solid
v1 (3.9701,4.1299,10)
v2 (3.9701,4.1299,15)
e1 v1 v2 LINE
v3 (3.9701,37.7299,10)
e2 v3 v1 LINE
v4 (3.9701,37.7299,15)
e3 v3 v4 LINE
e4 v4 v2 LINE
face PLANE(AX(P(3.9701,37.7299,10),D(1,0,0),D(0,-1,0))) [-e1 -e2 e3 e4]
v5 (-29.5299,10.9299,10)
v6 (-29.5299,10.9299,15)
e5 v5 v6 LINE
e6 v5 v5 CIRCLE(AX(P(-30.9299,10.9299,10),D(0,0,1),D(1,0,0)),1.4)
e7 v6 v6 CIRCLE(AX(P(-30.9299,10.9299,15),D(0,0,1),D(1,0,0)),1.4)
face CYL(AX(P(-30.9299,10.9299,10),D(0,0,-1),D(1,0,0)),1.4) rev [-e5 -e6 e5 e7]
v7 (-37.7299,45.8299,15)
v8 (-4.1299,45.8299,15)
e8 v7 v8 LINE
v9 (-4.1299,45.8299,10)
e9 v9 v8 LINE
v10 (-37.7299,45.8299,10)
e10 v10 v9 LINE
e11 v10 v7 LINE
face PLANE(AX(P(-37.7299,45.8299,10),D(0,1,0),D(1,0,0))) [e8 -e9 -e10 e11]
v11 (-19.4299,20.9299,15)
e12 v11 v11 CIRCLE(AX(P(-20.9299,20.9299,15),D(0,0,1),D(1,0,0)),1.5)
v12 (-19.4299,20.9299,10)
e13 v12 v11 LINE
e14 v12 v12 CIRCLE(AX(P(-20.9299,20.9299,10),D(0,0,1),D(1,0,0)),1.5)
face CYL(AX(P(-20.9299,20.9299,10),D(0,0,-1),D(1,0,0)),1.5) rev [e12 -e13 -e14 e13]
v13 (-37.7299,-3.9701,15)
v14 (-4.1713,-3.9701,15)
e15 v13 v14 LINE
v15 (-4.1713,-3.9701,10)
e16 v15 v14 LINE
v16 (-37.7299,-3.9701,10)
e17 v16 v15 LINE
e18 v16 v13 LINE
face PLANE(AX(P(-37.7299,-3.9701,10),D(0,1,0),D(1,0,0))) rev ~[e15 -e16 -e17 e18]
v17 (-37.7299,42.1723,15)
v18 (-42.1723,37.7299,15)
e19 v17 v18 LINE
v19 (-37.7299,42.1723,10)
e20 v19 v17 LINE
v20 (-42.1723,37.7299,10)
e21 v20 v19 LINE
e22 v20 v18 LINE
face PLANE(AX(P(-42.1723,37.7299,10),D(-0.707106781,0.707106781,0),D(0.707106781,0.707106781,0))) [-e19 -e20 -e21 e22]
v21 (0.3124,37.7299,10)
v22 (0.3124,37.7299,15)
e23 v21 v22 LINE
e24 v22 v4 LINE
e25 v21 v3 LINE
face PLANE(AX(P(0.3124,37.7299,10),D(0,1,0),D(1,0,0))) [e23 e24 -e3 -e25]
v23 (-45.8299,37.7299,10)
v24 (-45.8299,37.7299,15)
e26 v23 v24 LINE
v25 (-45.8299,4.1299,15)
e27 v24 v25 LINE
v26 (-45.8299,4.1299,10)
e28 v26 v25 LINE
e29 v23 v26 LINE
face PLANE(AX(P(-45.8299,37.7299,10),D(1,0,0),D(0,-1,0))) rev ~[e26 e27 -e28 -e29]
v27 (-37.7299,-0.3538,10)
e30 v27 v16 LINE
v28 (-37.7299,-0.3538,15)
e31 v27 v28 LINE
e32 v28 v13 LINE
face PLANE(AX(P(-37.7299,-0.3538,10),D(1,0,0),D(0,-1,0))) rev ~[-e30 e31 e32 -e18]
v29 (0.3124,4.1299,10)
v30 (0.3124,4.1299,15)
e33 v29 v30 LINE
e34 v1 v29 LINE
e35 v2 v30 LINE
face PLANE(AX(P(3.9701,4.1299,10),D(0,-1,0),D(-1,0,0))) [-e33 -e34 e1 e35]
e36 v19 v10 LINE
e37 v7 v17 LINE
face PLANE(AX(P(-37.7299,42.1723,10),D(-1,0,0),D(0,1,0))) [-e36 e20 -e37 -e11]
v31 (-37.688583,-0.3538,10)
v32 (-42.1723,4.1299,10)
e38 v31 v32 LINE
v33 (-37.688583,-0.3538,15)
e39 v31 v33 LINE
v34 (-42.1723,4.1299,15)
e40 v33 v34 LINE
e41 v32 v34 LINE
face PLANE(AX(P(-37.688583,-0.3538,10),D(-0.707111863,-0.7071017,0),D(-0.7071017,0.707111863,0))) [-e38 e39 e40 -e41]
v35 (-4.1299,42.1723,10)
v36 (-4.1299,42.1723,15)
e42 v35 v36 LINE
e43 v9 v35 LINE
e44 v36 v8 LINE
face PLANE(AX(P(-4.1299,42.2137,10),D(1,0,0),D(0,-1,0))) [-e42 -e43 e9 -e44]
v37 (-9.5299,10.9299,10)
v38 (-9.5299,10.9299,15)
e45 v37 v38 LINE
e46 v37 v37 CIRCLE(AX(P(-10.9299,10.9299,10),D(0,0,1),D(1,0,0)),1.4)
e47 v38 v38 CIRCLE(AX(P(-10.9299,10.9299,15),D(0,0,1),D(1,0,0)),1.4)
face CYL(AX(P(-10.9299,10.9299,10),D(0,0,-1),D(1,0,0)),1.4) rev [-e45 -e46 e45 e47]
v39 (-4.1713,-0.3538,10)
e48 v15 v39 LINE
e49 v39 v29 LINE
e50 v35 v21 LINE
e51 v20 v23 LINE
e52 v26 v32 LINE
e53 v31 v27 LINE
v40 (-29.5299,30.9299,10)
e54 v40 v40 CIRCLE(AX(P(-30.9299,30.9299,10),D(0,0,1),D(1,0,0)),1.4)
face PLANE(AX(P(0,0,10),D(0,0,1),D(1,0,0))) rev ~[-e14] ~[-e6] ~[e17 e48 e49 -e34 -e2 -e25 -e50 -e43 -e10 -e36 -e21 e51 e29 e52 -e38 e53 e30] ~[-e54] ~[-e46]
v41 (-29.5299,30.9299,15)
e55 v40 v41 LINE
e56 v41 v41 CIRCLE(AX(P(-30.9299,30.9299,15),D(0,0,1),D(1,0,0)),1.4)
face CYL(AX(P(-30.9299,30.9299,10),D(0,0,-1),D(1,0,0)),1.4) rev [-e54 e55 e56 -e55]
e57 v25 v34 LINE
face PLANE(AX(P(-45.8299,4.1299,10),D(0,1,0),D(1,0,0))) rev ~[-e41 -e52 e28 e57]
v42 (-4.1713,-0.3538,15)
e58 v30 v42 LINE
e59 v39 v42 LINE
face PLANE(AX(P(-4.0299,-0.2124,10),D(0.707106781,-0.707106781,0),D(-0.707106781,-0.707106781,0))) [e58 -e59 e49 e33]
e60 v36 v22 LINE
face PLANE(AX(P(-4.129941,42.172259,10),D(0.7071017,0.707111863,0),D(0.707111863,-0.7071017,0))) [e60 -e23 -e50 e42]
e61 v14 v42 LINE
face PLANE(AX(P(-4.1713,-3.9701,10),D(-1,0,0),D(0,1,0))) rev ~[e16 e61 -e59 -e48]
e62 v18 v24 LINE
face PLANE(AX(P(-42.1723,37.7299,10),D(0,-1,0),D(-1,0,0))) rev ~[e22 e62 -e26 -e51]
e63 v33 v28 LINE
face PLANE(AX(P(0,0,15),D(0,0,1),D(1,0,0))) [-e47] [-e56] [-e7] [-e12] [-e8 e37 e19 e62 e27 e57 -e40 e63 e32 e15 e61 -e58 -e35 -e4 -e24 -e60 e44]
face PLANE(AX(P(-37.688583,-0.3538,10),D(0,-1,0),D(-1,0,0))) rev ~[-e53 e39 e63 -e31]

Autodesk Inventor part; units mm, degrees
ref_plane "YZ Plane" through (0, 0, 0) normal (1, 0, 0) x (0, 1, 0)
ref_plane "XZ Plane" through (0, 0, 0) normal (0, 1, 0) x (-1, 0, 0)
ref_plane "XY Plane" through (0, 0, 0) normal (0, 0, 1) x (1, 0, 0)
ref_plane "Work Plane1" through (0, 0, 10) normal (0, 0, 1) x (1, 0, 0)
sketch "Sketch1" plane through (0, 0, 10) normal (0, 0, 1) x (1, 0, 0)
  line L0 (-4.0299, -0.3538) -> (-2.2322, 1.4439) construction
  arc A0 (-1.4439, 2.2322) -> (-2.2322, 1.4439) centre (-0.9299, 0.9299) ccw construction
  line L1 (-1.4439, 2.2322) -> (0.3538, 4.0299) construction
  line L2 (-37.8299, 42.8299) -> (-37.8299, 37.8299) construction
  line L3 (-37.8299, 37.8299) -> (-42.9208, 37.8299) construction
  line L4 (-37.8299, 42.2137) -> (-37.8299, 45.8299) construction
  line L5 (-37.8299, 45.8299) -> (-4.0299, 45.8299) construction
  line L6 (-4.0299, 45.8299) -> (-4.0299, 42.2137) construction
  line L7 (-4.0299, 4.0299) -> (0.3538, 4.0299) projected
  circle A1 centre (-20.9299, 20.9299) radius 17.5 projected
  line L8 (-20.9299, 58.9723) -> (17.1124, 20.9299) construction
  line L9 (17.1124, 20.9299) -> (-20.9299, -17.1124) construction
  line L10 (-20.9299, -17.1124) -> (-58.9723, 20.9299) construction
  line L11 (-58.9723, 20.9299) -> (-20.9299, 58.9723) construction
  line L12 (-20.9299, 58.9723) -> (-20.9299, -17.1124) construction
  line L13 (17.1124, 20.9299) -> (-58.9723, 20.9299) construction
  line L14 (-20.9299, 58.9723) -> (32.8701, 58.9723) construction
  line L15 (-43.4299, 43.4299) -> (1.5701, 43.4299) construction
  line L16 (1.5701, 43.4299) -> (1.5701, -1.5701) construction
  line L17 (1.5701, -1.5701) -> (-43.4299, -1.5701) construction
  line L18 (-43.4299, -1.5701) -> (-43.4299, 43.4299) construction
  line L19 (-43.4299, 43.4299) -> (1.5701, -1.5701) construction
  line L20 (1.5701, 43.4299) -> (-43.4299, -1.5701) construction
  line L21 (-43.4299, 5.3876) -> (-43.4299, 36.4723)
  line L22 (-43.4299, 36.4723) -> (-36.4723, 43.4299)
  line L23 (-36.4723, 43.4299) -> (-5.3876, 43.4299)
  line L24 (-5.3876, 43.4299) -> (1.5701, 36.4723)
  line L25 (1.5701, 36.4723) -> (1.5701, 5.3876)
  line L26 (1.5701, 5.3876) -> (-5.3876, -1.5701)
  line L27 (-5.3876, -1.5701) -> (-36.4723, -1.5701)
  line L28 (-36.4723, -1.5701) -> (-43.4299, 5.3876)
  line L29 (-4.0299, 42.2137) -> (-37.8299, 42.2137) projected
  line L30 (-4.0299, -0.3538) -> (-4.0299, 4.0299) projected
  circle A2 centre (-20.9299, 20.9299) radius 1.5
  line L31 (-10.9299, 10.9299) -> (-30.9299, 10.9299) construction
  line L32 (-30.9299, 10.9299) -> (-30.9299, 30.9299) construction
  line L33 (-30.9299, 30.9299) -> (-10.9299, 30.9299) construction
  line L34 (-10.9299, 30.9299) -> (-10.9299, 10.9299) construction
  line L35 (-10.9299, 10.9299) -> (-30.9299, 30.9299) construction
  line L36 (-30.9299, 10.9299) -> (-10.9299, 30.9299) construction
  circle A3 centre (-30.9299, 30.9299) radius 1.4
  circle A4 centre (-30.9299, 10.9299) radius 1.4
  circle A5 centre (-10.9299, 10.9299) radius 1.4
  line L37 (-45.8299, 37.8299) -> (-42.0723, 37.8299) construction
  line L38 (-42.1723, 37.7299) -> (-45.8299, 37.7299)
  line L39 (-45.8299, 37.7299) -> (-45.8299, 4.1299)
  line L40 (-45.8299, 4.1299) -> (-42.1723, 4.1299)
  line L41 (-42.1723, 4.1299) -> (-42.1723, 37.7299)
  line L42 (-45.8299, 4.0299) -> (-42.0723, 4.0299) construction
  line L43 (-45.8299, 37.8299) -> (-42.0723, 37.8299) projected
  line L44 (-37.7299, 45.8299) -> (-4.1299, 45.8299)
  line L45 (-4.1299, 45.8299) -> (-4.1299, 42.1723)
  line L46 (-4.1299, 42.1723) -> (-37.7299, 42.1723)
  line L47 (-37.7299, 42.1723) -> (-37.7299, 45.8299)
  line L48 (0.4701, 37.8299) -> (0.4701, 4.0299) construction
  line L49 (0.4701, 4.0299) -> (3.9701, 4.0299) construction
  line L50 (3.9701, 37.8299) -> (3.9701, 4.0299) construction
  line L51 (0.4701, 37.8299) -> (3.9701, 37.8299) construction
  line L52 (-45.8299, -3.9701) -> (-4.0299, -3.9701) construction
  line L53 (0.3124, 37.7299) -> (3.9701, 37.7299)
  line L54 (3.9701, 37.7299) -> (3.9701, 4.1299)
  line L55 (3.9701, 4.1299) -> (0.3124, 4.1299)
  line L56 (0.3124, 4.1299) -> (0.3124, 37.7299)
  line L57 (-4.1713, -0.3538) -> (-37.7299, -0.3538)
  line L58 (-37.7299, -0.3538) -> (-37.7299, -3.9701)
  line L59 (-37.7299, -3.9701) -> (-4.1713, -3.9701)
  line L60 (-4.1713, -3.9701) -> (-4.1713, -0.3538)
  point P0 (-37.8299, 4.0299)
  dimension "d18" = 53.8
  dimension "d19" = 45
  dimension "d20" = 53.8
  dimension "d21" = 45
  dimension "d22" = 45
  dimension "d30" = 20
  dimension "d31" = 20
  dimension "d32" = 2.8
  dimension "d33" = 2.8
  dimension "d34" = 2.8
  dimension "d35" = 3
  dimension "d36" = 0.1
  dimension "d37" = 0.1
  dimension "d38" = 0.1
  dimension "d39" = 0.1
extrude "Extrusion1" add sketch "Sketch1" along normal blind 5 contours L30 L26 L57 L28 L41 L22 L46 L24 L56 L7 | L7 L26 L30 | L56 L24 L25 L26 | L26 L25 L24 L53 L54 L55 | L60 L59 L58 L57 L28 L27 L26 | L26 L27 L28 L57 | L46 L22 L29 L24 | L24 L29 L45 | L40 L39 L38 L22 L21 L28 | L28 L21 L22 L41 | L29 L22 L23 L24 | L24 L23 L22 L29 L47 L44 L45 | L47 L29 L22 | A1
properties part number "20_Cube_Insert_Kinematic_Mirrormount_base"
